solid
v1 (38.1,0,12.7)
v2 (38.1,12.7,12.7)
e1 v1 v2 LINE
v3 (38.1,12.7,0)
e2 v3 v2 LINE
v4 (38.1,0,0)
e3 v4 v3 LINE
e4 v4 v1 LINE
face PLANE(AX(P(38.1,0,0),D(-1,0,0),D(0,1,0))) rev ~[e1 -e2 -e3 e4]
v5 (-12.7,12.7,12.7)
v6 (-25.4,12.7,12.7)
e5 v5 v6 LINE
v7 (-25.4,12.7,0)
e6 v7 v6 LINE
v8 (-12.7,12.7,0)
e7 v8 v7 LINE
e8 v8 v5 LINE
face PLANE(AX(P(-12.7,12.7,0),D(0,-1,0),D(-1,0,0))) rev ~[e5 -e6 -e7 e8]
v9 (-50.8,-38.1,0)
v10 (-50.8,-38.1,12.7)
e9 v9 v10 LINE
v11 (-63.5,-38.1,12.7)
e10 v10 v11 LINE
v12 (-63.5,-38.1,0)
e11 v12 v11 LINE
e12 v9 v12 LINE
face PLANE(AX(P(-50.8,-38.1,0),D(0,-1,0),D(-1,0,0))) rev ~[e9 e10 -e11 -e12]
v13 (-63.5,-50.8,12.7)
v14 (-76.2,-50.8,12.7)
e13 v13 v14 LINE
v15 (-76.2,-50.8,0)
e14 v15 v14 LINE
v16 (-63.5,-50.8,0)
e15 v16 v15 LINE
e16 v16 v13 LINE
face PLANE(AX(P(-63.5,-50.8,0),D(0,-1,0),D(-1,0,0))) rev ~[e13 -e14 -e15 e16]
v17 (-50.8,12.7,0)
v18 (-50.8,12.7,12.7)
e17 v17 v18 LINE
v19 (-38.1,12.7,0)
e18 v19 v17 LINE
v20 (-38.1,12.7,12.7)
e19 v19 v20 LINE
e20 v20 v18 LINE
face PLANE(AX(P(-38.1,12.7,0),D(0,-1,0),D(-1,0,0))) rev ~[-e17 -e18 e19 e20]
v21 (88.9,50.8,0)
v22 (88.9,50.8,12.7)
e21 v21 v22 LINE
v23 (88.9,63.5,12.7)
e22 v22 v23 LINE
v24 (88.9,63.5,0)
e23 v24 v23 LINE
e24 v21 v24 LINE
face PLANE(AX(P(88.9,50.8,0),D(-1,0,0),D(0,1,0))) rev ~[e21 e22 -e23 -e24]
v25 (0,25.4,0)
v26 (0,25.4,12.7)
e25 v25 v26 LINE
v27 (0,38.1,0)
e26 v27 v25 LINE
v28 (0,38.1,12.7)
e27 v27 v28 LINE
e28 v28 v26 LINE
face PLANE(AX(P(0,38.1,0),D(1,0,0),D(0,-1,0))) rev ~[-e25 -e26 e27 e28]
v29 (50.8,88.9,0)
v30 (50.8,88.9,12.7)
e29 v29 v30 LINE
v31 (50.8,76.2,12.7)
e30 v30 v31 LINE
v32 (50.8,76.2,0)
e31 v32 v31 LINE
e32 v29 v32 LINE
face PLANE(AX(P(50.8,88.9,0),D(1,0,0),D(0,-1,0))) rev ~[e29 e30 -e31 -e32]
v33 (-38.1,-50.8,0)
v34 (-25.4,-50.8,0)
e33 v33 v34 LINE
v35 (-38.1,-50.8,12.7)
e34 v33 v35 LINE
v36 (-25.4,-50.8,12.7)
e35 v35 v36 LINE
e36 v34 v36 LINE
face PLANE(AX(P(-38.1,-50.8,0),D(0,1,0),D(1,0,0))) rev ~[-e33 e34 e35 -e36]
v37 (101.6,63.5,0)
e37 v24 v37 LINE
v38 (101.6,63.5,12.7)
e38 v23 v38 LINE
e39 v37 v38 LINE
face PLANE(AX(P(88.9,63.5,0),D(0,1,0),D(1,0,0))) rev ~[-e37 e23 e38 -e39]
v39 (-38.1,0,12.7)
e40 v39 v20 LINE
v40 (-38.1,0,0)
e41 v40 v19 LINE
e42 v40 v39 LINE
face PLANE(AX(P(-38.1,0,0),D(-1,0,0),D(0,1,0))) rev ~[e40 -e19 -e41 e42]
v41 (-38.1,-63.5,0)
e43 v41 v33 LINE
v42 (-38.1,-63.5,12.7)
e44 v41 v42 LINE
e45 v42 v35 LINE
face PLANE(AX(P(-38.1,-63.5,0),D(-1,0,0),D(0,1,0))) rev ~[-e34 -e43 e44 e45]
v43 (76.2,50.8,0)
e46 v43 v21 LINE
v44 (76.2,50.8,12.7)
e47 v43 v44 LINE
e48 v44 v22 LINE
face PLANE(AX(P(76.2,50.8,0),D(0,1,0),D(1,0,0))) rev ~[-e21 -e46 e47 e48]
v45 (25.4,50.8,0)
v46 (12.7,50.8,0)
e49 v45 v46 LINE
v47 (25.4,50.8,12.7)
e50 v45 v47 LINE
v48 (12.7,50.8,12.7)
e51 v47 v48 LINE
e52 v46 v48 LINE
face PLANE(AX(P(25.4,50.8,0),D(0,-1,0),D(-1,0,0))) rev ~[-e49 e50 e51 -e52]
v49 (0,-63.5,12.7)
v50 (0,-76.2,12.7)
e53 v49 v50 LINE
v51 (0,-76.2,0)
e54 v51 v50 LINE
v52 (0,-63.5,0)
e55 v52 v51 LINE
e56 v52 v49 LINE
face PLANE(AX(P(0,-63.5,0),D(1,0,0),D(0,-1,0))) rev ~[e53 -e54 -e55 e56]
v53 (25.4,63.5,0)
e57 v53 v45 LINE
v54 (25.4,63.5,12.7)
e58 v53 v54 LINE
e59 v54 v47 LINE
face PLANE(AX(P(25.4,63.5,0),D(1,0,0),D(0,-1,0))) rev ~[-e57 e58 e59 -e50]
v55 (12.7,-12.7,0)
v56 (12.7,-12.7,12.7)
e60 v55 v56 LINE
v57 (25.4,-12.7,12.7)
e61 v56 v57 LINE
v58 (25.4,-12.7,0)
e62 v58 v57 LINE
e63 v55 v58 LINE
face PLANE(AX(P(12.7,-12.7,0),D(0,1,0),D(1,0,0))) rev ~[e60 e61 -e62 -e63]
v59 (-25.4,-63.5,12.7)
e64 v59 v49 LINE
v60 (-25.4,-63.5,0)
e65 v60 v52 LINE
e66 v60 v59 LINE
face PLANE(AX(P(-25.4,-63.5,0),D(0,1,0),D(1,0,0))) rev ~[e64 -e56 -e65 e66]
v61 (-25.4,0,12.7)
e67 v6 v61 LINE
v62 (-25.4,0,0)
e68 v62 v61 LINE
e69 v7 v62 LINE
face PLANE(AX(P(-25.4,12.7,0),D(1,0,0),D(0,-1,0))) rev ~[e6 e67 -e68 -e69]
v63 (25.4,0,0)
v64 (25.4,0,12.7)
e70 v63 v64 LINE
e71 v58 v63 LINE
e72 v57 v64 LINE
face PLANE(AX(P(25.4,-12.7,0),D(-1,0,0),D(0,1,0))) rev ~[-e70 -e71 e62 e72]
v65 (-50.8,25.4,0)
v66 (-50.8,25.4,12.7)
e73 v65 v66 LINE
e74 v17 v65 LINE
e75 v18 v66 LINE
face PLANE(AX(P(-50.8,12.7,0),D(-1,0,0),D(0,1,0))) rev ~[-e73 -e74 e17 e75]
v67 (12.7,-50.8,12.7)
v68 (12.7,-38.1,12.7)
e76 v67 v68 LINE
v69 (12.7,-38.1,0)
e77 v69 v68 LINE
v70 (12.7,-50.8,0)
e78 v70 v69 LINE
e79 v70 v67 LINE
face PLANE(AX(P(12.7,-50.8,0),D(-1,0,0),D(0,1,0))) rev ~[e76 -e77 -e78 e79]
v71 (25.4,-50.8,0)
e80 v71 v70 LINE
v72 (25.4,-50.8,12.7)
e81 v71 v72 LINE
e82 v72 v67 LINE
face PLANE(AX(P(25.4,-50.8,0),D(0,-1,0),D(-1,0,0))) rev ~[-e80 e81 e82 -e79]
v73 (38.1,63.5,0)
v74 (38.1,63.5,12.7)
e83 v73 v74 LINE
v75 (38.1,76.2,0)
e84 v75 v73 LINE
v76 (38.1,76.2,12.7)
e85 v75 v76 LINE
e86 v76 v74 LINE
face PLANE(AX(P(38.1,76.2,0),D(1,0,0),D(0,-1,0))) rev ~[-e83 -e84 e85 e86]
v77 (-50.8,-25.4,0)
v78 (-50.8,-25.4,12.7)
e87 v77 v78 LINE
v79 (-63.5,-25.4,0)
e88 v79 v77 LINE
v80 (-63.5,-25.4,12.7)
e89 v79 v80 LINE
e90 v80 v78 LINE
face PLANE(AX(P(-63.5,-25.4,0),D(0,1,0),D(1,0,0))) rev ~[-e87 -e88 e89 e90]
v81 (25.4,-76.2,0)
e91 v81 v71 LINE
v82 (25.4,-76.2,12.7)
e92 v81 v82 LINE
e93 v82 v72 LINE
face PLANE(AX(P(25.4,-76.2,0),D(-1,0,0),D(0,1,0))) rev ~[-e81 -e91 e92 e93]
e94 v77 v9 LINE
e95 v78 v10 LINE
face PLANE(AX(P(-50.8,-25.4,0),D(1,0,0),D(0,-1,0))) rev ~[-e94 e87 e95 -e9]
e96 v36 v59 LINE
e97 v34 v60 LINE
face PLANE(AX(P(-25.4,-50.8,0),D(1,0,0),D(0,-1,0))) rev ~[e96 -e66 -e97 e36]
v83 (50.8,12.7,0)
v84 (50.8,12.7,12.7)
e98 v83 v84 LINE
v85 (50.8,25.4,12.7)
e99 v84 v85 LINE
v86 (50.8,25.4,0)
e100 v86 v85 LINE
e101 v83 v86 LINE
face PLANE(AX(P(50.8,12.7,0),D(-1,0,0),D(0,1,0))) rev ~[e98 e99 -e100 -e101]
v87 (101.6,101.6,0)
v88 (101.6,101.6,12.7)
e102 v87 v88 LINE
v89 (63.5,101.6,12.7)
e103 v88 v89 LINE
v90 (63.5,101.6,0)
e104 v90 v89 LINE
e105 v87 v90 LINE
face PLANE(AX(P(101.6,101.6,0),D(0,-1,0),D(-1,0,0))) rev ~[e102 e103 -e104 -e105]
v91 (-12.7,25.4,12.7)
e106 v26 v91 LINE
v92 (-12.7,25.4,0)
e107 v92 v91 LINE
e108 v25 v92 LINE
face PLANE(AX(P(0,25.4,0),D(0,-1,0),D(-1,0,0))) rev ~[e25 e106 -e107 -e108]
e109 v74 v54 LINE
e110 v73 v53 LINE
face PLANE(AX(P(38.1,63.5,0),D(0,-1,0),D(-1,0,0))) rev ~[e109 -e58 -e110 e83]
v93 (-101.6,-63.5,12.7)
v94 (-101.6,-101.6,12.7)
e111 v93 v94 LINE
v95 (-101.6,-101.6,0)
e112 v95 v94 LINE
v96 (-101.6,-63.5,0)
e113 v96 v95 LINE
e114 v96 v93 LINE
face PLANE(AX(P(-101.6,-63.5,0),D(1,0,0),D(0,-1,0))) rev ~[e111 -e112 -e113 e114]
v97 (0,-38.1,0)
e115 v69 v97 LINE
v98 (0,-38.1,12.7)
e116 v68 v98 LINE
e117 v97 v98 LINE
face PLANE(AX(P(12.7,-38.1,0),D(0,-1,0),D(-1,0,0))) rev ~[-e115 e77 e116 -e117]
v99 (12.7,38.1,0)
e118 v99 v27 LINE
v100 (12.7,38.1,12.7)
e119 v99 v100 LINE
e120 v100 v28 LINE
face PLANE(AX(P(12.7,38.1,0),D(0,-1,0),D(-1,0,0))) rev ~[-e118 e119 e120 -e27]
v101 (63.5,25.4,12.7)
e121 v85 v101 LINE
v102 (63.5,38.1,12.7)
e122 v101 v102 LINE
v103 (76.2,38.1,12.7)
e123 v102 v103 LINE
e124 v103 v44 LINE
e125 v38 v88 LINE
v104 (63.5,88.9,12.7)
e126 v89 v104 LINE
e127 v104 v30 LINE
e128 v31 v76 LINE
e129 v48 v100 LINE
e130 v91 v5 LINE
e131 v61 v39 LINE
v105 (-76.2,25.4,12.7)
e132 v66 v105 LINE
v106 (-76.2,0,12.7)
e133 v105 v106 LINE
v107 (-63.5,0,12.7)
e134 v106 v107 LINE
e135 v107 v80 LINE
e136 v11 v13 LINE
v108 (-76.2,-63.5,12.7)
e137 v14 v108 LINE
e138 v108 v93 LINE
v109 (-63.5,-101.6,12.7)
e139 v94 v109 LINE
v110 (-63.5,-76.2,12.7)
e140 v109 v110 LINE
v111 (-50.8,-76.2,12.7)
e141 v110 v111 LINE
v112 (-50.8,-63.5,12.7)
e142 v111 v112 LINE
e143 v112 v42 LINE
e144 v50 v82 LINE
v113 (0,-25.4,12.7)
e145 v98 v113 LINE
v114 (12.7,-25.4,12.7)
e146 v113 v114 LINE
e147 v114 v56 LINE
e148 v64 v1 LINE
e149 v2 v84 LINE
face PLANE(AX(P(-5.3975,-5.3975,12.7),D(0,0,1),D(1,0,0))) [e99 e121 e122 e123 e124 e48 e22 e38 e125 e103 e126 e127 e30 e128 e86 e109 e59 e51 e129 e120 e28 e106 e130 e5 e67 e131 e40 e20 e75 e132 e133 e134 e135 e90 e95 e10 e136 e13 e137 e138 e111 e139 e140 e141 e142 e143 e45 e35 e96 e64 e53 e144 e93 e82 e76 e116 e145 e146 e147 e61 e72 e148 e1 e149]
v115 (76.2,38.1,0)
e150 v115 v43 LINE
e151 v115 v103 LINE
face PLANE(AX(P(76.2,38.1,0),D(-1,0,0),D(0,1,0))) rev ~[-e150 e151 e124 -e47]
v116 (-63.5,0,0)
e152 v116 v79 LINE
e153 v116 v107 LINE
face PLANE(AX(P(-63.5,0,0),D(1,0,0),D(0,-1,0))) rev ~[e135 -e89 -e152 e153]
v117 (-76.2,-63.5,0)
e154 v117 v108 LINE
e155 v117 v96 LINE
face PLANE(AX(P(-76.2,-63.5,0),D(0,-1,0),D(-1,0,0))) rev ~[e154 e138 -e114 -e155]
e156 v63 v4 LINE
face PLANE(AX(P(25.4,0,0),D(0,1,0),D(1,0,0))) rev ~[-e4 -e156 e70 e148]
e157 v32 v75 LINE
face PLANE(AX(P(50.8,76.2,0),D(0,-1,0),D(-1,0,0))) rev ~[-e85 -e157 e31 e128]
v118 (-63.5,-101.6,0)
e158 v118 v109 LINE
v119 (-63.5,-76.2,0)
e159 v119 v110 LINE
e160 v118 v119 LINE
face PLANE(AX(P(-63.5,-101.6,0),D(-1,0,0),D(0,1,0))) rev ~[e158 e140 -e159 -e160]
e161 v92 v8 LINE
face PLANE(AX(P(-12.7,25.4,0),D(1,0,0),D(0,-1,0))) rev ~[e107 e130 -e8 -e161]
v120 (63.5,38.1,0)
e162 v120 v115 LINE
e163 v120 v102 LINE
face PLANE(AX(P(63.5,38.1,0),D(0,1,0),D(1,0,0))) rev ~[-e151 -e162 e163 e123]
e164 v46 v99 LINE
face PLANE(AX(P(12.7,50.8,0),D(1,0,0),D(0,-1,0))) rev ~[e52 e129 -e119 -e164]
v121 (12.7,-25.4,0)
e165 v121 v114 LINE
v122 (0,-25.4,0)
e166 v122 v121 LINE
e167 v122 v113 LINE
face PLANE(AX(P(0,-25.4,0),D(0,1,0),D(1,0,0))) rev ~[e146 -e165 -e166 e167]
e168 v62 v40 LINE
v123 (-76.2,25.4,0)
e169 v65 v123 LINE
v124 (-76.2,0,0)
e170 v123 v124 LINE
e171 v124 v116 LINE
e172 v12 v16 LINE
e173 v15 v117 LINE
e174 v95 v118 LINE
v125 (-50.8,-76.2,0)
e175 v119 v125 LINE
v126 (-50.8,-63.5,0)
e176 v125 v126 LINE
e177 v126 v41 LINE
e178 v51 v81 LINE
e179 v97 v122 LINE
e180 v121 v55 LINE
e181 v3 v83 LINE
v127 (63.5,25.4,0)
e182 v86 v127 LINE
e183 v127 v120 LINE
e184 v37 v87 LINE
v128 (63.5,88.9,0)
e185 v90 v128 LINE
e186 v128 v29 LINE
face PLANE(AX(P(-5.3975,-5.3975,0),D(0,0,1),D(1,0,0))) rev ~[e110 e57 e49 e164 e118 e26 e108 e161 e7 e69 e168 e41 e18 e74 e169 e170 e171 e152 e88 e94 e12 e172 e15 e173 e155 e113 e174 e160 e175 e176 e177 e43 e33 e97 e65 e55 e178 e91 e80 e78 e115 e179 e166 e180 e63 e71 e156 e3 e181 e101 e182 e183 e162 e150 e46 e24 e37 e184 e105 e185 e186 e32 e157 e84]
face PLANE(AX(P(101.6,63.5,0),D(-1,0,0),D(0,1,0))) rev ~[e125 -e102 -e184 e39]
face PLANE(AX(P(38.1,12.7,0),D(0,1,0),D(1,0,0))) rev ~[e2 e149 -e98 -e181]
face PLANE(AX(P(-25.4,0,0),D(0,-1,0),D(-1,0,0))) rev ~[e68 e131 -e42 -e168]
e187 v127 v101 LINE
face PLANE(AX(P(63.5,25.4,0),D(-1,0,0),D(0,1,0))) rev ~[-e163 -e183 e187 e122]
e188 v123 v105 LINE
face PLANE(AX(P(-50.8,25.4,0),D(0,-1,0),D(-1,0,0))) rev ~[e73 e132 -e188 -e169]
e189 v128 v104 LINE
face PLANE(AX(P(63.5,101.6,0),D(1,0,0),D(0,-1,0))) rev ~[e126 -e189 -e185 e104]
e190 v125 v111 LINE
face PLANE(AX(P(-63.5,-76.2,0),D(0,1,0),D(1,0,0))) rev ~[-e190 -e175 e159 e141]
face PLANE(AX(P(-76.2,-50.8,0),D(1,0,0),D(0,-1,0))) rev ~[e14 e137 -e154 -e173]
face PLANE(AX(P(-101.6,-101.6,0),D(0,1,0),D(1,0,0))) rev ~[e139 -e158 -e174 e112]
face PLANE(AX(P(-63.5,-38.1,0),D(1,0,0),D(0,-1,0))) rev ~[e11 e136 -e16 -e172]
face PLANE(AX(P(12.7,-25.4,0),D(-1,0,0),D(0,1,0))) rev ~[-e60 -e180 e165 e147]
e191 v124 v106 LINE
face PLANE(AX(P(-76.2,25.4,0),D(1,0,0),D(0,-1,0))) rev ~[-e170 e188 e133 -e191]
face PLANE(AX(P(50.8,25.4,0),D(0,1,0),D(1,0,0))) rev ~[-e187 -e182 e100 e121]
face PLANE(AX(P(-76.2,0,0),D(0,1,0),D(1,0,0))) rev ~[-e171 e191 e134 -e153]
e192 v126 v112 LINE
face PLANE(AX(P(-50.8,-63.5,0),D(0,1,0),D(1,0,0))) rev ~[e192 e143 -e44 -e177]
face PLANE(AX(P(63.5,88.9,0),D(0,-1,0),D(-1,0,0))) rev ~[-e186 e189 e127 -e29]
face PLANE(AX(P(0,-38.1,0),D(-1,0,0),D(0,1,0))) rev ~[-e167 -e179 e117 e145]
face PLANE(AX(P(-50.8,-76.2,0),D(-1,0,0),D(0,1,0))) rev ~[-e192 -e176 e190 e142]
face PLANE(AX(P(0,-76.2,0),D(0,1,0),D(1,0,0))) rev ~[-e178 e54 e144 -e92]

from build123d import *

# Parameters (mm, degrees)
F1_DEPTH = 12.7


with BuildPart() as f1:
    # F0 (on Top) → F1 (new body)
    with BuildSketch(Plane.XY):
        Polygon((12.7, -12.7), (25.4, -12.7), (25.4, 0), (38.1, 0), (38.1, 12.7), (50.8, 12.7), (50.8, 25.4), (63.5, 25.4), (63.5, 38.1), (76.2, 38.1), (76.2, 50.8), (88.9, 50.8), (88.9, 63.5), (101.6, 63.5), (101.6, 101.6), (88.9, 101.6), (76.2, 101.6), (63.5, 101.6), (63.5, 88.9), (50.8, 88.9), (50.8, 76.2), (38.1, 76.2), (38.1, 63.5), (25.4, 63.5), (25.4, 50.8), (12.7, 50.8), (12.7, 38.1), (0, 38.1), (0, 25.4), (-12.7, 25.4), (-12.7, 12.7), (-25.4, 12.7), (-25.4, 0), (-38.1, 0), (-38.1, 12.7), (-50.8, 12.7), (-50.8, 25.4), (-76.2, 25.4), (-76.2, 0), (-63.5, 0), (-63.5, -25.4), (-50.8, -25.4), (-50.8, -38.1), (-63.5, -38.1), (-63.5, -50.8), (-76.2, -50.8), (-76.2, -63.5), (-101.6, -63.5), (-101.6, -76.2), (-101.6, -88.9), (-101.6, -101.6), (-63.5, -101.6), (-63.5, -76.2), (-50.8, -76.2), (-50.8, -63.5), (-38.1, -63.5), (-38.1, -50.8), (-25.4, -50.8), (-25.4, -63.5), (0, -63.5), (0, -76.2), (25.4, -76.2), (25.4, -63.5), (25.4, -50.8), (12.7, -50.8), (12.7, -38.1), (0, -38.1), (0, -25.4), (12.7, -25.4), align=None)
    extrude(amount=F1_DEPTH)


solid = f1.part
